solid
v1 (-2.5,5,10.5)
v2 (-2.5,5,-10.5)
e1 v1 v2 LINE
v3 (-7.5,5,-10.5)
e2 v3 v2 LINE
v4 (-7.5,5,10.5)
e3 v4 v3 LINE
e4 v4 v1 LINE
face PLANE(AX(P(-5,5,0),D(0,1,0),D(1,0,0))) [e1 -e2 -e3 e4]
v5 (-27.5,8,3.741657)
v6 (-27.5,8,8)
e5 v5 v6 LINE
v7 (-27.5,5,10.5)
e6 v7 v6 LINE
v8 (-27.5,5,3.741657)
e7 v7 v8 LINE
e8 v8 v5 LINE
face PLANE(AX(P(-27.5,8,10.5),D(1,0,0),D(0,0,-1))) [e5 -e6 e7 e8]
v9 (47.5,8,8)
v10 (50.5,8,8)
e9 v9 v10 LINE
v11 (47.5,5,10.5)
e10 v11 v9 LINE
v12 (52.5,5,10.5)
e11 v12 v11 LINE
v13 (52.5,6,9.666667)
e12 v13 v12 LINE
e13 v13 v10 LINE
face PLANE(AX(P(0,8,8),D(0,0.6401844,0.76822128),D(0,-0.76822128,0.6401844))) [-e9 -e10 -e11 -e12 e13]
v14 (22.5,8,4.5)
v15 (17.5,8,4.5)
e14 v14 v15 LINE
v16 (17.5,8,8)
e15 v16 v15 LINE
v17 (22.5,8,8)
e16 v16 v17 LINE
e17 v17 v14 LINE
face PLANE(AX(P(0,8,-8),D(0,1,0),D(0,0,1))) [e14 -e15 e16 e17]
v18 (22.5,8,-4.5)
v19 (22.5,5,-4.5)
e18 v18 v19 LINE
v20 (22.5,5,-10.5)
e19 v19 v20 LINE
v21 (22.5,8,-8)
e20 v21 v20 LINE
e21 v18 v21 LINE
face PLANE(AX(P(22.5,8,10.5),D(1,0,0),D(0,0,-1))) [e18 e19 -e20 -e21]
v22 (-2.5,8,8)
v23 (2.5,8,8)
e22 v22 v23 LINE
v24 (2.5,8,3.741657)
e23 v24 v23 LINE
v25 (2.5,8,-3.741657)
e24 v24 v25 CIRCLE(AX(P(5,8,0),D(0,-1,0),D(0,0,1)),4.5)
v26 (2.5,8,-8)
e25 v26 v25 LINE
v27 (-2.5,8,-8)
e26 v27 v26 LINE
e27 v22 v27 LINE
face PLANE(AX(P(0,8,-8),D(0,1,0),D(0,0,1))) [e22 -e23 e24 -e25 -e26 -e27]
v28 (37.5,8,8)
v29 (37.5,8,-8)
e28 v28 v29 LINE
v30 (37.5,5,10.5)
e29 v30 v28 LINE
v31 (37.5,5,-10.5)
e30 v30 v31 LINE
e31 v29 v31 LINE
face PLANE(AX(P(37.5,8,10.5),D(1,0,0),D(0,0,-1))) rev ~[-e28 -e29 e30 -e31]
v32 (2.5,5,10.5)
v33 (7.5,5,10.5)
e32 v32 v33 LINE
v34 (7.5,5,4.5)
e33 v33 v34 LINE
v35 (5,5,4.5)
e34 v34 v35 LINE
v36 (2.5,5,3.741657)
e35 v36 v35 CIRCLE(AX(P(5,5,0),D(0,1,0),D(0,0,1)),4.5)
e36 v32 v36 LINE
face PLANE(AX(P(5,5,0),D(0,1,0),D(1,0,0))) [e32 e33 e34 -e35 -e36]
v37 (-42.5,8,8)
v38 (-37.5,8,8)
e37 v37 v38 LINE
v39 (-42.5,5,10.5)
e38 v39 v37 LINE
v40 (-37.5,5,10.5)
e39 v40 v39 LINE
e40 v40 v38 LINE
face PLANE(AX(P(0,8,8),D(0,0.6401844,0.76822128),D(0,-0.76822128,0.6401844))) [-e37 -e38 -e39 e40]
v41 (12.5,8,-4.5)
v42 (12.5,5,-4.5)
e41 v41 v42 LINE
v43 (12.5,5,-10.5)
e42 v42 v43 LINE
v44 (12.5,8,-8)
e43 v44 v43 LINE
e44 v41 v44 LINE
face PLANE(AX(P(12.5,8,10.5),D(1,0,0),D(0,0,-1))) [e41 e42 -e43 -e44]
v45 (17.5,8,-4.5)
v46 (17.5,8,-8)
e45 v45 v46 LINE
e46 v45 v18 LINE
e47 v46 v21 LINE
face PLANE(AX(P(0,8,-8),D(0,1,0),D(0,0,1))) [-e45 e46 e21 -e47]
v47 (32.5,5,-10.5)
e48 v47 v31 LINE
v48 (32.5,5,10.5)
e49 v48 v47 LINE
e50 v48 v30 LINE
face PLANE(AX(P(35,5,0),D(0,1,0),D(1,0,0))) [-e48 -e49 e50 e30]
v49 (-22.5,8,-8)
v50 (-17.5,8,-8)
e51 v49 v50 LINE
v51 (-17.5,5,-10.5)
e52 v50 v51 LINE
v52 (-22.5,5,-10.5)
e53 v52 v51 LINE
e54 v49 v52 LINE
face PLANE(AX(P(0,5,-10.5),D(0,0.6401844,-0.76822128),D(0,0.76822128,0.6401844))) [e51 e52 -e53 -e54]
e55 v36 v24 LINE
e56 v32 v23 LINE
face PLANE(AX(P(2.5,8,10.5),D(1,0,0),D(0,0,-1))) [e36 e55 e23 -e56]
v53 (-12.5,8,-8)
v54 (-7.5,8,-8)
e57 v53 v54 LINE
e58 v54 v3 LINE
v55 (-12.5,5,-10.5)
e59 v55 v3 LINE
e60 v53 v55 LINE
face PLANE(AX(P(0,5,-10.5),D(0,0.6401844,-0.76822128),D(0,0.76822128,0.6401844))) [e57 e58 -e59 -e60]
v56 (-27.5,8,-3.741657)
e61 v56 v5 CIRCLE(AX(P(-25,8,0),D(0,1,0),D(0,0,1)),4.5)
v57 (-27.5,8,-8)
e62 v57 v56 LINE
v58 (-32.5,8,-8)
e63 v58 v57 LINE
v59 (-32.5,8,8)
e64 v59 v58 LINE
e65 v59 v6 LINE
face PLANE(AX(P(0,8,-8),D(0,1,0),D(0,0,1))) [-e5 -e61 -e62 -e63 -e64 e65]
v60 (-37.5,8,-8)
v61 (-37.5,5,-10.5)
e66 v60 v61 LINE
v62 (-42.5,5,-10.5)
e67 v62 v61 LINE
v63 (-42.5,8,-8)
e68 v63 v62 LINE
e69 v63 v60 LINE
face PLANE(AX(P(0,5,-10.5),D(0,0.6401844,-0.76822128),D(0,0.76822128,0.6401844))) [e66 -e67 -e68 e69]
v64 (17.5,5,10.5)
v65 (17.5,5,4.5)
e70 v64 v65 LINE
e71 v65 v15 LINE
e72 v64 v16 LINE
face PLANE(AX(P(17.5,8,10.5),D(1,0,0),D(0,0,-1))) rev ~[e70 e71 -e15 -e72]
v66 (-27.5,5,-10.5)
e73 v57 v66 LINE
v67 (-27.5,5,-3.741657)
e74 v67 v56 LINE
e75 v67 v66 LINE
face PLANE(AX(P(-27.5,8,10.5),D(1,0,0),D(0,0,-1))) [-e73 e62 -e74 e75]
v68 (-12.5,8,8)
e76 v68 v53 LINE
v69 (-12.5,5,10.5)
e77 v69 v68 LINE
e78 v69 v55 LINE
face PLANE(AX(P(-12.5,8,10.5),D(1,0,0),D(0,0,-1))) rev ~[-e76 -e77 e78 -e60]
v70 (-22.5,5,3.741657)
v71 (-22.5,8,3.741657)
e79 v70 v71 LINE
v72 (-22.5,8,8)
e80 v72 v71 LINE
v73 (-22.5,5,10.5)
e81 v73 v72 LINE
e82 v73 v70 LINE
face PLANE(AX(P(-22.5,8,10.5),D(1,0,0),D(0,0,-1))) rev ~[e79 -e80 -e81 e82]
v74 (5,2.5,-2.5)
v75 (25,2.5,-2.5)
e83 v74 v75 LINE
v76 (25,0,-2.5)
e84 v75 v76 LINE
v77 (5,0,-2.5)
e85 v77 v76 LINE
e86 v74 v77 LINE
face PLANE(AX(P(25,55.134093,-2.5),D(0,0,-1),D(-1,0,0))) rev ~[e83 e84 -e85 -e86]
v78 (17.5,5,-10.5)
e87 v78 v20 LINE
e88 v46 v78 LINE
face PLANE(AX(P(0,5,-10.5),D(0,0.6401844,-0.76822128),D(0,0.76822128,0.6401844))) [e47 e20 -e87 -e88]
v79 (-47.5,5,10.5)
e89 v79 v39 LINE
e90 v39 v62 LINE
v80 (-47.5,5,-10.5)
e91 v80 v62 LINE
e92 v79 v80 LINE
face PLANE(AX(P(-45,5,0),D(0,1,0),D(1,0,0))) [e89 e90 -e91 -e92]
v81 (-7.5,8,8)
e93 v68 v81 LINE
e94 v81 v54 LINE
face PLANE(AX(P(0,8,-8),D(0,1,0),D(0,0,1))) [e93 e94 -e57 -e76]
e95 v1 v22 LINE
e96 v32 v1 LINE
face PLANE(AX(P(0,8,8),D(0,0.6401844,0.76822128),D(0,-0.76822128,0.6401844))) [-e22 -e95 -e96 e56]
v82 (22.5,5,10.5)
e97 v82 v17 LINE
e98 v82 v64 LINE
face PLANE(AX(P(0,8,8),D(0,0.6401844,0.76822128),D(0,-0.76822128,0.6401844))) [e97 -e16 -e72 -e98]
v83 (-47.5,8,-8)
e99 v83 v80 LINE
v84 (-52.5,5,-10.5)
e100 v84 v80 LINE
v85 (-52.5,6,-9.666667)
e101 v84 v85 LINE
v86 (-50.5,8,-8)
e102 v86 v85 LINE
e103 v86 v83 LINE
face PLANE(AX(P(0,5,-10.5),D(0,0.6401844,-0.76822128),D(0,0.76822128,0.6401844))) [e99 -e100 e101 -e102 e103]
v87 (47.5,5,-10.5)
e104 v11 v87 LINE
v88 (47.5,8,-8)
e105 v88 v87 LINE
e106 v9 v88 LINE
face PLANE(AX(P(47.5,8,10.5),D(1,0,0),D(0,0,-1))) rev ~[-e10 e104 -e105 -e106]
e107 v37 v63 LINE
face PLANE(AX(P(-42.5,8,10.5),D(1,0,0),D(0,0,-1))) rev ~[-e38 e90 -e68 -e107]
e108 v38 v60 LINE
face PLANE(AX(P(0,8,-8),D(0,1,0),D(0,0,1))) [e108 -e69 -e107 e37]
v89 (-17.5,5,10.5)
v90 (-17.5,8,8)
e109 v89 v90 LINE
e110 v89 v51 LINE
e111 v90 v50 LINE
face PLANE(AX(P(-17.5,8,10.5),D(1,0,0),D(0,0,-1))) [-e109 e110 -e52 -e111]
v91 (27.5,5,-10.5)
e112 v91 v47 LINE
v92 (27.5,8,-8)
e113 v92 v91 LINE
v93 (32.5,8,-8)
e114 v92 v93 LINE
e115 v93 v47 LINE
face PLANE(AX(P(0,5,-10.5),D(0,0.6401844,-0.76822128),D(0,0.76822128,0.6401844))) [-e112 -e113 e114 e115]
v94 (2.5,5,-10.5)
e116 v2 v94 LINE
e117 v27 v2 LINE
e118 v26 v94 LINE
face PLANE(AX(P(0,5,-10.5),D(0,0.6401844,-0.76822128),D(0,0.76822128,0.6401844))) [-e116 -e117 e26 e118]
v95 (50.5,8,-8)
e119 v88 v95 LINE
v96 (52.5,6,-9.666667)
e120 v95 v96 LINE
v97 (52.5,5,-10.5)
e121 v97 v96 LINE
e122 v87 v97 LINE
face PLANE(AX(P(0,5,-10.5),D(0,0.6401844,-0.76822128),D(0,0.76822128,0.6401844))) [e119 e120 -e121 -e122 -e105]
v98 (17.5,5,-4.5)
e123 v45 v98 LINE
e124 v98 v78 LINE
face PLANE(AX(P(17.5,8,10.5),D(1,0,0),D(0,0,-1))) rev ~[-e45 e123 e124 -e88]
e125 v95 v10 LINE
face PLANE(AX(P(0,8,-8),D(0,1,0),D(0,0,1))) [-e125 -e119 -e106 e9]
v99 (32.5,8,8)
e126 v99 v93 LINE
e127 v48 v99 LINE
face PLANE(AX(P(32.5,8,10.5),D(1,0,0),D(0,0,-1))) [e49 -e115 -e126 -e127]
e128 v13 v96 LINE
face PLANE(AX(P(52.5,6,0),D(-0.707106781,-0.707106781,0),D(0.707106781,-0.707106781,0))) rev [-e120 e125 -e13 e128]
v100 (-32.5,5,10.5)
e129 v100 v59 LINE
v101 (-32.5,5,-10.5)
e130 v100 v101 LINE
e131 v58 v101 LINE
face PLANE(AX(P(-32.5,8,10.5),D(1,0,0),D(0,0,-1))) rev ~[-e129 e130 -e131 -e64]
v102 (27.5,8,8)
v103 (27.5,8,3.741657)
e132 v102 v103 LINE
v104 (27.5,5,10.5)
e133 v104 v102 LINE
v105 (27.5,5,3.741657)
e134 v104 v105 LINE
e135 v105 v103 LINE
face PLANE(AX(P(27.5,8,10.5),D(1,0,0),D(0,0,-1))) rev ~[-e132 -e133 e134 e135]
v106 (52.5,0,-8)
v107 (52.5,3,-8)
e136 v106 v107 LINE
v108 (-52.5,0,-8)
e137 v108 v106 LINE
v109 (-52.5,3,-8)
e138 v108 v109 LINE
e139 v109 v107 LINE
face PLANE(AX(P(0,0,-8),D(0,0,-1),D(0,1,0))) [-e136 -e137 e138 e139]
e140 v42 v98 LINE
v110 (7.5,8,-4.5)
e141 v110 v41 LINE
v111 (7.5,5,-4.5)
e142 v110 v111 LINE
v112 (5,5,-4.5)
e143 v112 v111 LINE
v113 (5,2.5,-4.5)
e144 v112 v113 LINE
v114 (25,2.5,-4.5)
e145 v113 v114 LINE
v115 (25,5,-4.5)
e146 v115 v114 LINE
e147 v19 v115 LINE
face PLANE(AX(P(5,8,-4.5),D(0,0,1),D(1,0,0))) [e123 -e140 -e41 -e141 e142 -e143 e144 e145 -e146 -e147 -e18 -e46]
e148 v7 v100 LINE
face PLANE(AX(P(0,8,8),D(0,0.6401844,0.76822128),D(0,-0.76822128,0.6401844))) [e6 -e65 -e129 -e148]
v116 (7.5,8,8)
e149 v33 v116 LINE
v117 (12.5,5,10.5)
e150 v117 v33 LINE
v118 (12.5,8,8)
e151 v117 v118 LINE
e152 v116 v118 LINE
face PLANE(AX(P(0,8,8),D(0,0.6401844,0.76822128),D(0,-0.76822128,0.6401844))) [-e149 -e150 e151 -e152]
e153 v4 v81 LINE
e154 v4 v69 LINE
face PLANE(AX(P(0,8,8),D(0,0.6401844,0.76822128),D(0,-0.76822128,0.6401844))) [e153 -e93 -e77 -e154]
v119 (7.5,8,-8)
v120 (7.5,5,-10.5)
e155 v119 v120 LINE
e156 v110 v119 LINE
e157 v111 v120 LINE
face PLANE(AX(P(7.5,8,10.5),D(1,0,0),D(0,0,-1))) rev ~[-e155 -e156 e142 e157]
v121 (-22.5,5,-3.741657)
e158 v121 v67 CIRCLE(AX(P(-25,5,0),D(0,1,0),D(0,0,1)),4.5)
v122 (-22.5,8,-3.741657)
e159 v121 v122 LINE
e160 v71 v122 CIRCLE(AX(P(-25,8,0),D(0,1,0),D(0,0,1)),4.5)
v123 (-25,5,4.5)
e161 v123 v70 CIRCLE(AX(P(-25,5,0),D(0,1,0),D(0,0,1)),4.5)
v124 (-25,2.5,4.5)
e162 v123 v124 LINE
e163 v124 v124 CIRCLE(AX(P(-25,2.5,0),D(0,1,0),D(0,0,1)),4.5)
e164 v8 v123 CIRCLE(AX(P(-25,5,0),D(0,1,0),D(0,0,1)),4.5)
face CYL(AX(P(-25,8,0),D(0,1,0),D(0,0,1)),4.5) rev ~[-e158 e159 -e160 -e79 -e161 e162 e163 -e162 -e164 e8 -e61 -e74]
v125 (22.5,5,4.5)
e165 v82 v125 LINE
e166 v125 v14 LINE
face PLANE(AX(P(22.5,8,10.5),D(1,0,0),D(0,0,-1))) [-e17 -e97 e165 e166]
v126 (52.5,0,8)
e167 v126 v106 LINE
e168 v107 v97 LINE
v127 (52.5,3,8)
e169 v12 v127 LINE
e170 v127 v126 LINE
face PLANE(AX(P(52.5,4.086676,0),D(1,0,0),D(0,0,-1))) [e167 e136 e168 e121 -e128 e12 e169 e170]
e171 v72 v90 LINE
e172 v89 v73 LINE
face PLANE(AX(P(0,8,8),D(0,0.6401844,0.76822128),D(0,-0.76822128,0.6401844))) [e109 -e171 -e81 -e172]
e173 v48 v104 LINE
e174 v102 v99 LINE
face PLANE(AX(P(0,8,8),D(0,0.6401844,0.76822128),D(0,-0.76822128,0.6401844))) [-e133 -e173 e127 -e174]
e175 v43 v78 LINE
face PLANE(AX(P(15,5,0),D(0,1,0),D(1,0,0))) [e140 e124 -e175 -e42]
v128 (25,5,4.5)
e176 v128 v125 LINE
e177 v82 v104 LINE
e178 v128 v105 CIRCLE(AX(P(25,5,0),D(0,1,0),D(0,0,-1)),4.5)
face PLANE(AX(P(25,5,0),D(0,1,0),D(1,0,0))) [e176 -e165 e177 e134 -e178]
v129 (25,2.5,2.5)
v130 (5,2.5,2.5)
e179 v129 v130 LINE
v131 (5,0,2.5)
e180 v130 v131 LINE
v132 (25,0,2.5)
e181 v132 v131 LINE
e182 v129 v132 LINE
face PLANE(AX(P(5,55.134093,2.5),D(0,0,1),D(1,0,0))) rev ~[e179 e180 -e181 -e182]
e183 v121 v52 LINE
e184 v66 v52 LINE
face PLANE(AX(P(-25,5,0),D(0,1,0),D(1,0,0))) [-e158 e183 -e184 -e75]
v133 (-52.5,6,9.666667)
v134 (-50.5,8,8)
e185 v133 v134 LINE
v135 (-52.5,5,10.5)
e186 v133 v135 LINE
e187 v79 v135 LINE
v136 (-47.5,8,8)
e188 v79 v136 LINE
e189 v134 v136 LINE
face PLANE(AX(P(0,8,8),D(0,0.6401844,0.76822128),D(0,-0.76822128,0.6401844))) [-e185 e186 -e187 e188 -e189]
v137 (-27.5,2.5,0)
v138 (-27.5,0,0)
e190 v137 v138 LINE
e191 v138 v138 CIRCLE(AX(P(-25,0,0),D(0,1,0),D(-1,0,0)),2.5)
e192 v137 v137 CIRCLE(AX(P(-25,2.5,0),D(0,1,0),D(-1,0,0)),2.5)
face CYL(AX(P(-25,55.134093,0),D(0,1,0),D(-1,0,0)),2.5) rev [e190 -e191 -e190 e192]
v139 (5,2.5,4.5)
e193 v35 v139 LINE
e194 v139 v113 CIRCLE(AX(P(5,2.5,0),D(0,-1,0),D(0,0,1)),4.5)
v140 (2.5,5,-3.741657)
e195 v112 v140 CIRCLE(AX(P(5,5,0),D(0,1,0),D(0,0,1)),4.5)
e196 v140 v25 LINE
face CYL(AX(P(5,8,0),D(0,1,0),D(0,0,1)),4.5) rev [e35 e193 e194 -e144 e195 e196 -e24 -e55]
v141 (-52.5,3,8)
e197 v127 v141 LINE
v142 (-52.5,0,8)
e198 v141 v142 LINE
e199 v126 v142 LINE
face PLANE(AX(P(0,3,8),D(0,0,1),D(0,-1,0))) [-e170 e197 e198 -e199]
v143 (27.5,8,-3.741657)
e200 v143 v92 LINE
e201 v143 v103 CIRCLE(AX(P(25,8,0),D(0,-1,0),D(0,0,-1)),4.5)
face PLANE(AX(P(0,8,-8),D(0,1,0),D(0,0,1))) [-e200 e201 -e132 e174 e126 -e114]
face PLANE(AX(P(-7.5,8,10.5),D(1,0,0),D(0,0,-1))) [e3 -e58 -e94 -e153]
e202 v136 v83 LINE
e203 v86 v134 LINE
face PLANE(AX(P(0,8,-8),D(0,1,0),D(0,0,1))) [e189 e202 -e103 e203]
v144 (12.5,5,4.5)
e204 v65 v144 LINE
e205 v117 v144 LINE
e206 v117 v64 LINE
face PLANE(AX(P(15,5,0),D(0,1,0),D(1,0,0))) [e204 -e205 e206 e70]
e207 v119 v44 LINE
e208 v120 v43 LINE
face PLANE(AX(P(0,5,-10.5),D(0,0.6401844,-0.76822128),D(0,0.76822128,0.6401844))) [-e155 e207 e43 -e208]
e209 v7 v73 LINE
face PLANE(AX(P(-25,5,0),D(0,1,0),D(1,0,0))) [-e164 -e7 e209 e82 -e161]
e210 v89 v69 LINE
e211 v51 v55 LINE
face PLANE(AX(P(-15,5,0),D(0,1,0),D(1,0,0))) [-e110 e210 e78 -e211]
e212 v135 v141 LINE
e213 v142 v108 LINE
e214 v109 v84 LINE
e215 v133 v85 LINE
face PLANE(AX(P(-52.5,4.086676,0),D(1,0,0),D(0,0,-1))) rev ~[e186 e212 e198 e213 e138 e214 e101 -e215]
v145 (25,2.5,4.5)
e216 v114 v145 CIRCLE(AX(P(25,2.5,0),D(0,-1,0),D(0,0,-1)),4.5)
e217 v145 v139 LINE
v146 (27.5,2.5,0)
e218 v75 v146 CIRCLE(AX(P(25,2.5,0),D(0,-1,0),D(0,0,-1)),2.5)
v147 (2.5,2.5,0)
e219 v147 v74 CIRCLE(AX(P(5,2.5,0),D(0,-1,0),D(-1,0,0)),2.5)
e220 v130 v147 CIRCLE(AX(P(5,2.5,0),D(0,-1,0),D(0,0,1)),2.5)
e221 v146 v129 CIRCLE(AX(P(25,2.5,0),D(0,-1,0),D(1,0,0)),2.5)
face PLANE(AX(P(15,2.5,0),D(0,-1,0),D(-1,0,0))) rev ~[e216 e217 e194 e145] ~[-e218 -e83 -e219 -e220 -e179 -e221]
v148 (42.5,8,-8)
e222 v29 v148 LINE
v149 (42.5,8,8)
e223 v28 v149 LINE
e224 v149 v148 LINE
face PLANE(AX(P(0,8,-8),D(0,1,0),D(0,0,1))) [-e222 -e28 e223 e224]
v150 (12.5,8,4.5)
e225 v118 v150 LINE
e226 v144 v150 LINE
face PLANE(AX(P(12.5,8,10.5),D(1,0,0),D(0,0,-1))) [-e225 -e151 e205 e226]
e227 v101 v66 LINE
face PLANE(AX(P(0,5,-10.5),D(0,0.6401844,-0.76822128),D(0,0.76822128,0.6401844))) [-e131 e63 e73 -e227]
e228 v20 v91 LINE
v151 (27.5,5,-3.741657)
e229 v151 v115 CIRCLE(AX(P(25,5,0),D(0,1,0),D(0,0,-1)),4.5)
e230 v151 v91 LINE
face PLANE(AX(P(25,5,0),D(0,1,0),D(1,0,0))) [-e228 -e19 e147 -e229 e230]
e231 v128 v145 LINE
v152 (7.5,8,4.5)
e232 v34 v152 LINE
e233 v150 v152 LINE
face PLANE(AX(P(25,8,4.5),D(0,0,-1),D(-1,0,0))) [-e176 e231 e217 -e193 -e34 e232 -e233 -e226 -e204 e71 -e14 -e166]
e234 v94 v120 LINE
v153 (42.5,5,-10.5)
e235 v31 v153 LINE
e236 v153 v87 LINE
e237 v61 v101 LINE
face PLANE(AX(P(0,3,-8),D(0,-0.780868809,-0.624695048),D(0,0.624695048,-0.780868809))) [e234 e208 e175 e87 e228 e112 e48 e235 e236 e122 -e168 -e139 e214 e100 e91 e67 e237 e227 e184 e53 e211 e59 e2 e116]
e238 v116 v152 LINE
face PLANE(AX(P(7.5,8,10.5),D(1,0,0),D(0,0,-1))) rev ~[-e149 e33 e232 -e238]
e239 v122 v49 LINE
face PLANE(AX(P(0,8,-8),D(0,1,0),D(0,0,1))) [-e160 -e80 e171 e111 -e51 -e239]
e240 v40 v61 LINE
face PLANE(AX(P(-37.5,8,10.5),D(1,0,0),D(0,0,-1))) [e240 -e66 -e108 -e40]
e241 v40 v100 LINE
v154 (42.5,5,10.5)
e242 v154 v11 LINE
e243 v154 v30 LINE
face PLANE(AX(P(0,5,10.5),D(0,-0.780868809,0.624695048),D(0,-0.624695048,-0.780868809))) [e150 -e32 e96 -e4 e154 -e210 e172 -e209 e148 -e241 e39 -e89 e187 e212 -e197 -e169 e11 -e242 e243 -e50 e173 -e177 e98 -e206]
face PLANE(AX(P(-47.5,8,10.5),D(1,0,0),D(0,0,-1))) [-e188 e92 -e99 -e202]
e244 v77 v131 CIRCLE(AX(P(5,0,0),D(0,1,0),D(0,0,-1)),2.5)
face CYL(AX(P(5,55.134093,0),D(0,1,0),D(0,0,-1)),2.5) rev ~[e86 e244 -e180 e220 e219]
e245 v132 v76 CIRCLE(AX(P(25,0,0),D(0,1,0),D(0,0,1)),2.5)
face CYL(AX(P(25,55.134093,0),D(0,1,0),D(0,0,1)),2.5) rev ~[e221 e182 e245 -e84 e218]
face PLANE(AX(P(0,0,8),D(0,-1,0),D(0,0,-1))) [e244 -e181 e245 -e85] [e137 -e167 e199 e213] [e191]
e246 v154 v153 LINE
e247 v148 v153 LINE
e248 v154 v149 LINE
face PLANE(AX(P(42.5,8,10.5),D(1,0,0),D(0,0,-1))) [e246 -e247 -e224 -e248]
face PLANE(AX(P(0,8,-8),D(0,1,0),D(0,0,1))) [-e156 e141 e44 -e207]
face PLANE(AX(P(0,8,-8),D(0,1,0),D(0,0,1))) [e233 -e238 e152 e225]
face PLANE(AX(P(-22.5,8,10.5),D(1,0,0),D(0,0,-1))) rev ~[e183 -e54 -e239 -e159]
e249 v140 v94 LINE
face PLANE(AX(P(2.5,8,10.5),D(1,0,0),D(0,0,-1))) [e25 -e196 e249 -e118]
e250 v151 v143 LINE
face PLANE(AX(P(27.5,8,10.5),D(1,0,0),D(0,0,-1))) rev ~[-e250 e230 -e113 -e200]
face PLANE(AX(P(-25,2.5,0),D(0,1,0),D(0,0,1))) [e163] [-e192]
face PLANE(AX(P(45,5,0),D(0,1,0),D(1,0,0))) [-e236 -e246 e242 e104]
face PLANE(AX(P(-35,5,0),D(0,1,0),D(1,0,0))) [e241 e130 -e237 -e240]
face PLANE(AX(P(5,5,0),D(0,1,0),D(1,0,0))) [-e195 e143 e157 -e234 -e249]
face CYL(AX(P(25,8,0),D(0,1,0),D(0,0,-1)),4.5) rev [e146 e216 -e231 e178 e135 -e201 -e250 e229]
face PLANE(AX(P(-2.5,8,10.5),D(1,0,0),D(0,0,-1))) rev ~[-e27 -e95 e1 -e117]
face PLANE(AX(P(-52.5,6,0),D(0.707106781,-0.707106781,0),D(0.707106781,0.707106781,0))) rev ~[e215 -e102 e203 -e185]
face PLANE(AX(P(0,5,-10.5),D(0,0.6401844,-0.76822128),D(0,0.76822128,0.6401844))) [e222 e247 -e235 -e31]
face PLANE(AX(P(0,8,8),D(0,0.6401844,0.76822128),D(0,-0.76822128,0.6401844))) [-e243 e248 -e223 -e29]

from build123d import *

# Parameters (mm, degrees)
EXTRUDE_1_DEPTH          = 52.5
SKETCH_2_W               = 5
SKETCH_2_H               = 21
CUT_EXTRUDE_1_DEPTH      = 3
CUT_EXTRUDE_2_DEPTH      = 55.13409277
CUT_EXTRUDE_2_DEPTH_BACK = 55.13409277
SKETCH_3_R               = 2.5
CUT_EXTRUDE_3_DEPTH      = 55.13409277
SKETCH_5_R               = 4.5
CUT_EXTRUDE_4_DEPTH      = 5.5


with BuildPart() as part:
    # 草图1 → 凸台-拉伸1 (new, symmetric)
    with BuildSketch(Plane(origin=(0, 0, 0), x_dir=(0, 0, -1), z_dir=(1, 0, 0))):
        Polygon((-8, 0), (8, 0), (8, 3), (10.5, 5), (8, 8), (-8, 8), (-10.5, 5), (-8, 3), align=None)
    extrude(amount=EXTRUDE_1_DEPTH, both=True)

    # 草图2 → 切除-拉伸1 (cut)
    with BuildSketch(Plane(origin=(0, 8, 0), x_dir=(1, 0, 0), z_dir=(0, 1, 0))):
        with Locations((-5, 0)):
            Rectangle(SKETCH_2_W, SKETCH_2_H)
        with Locations((45, 0)):
            Rectangle(SKETCH_2_W, SKETCH_2_H)
        with Locations((-15, 0)):
            Rectangle(SKETCH_2_W, SKETCH_2_H)
        with Locations((-25, 0)):
            Rectangle(SKETCH_2_W, SKETCH_2_H)
        with Locations((-35, 0)):
            Rectangle(SKETCH_2_W, SKETCH_2_H)
        with Locations((-45, 0)):
            Rectangle(SKETCH_2_W, SKETCH_2_H)
        with Locations((35, 0)):
            Rectangle(SKETCH_2_W, SKETCH_2_H)
        with Locations((25, 0)):
            Rectangle(SKETCH_2_W, SKETCH_2_H)
        with Locations((15, 0)):
            Rectangle(SKETCH_2_W, SKETCH_2_H)
        with Locations((5, 0)):
            Rectangle(SKETCH_2_W, SKETCH_2_H)
    extrude(amount=-CUT_EXTRUDE_1_DEPTH, mode=Mode.SUBTRACT)

    # 草图3 → 切除-拉伸2 (cut, two sides: drawn at the far end of the back side and taken through both)
    with BuildSketch(Plane.XZ.offset(-CUT_EXTRUDE_2_DEPTH_BACK)):
        with Locations(Location((-25, 0, 0), (0, 0, 180))):
            Circle(SKETCH_3_R)
        with BuildLine():
            Line((5, 2.5), (25, 2.5))
            ThreePointArc((25, 2.5), (27.5, 0), (25, -2.5))
            Line((25, -2.5), (5, -2.5))
            ThreePointArc((5, -2.5), (2.5, 0), (5, 2.5))
        make_face()
    extrude(amount=CUT_EXTRUDE_2_DEPTH + CUT_EXTRUDE_2_DEPTH_BACK, mode=Mode.SUBTRACT)

    # 草图4 → 切除-拉伸3 (cut, symmetric)
    with BuildSketch(Plane.XY):
        Polygon((-52.5, 6), (-50.5, 8), (-52.5, 8), align=None)
    cut_extrude_3 = extrude(amount=CUT_EXTRUDE_3_DEPTH, both=True, mode=Mode.SUBTRACT)

    # 镜向1: 切除-拉伸3 across plane
    add(cut_extrude_3.mirror(Plane(origin=(0, 0, 0), x_dir=(0, 0, 1), z_dir=(1, 0, 0))), mode=Mode.SUBTRACT)

    # 草图5 → 切除-拉伸4 (cut)
    # profile 1 of 2: a face of its own
    with BuildSketch(Plane(origin=(0, 8, 0), x_dir=(1, 0, 0), z_dir=(0, 1, 0))):
        with Locations(Location((-25, 0, 0), (0, 0, 270))):
            Circle(SKETCH_5_R)
    # profile 2 of 2: a face of its own
    with BuildSketch(Plane(origin=(0, 8, 0), x_dir=(1, 0, 0), z_dir=(0, 1, 0))):
        with BuildLine():
            Line((5, 4.5), (25, 4.5))
            ThreePointArc((25, 4.5), (29.5, 0), (25, -4.5))
            Line((25, -4.5), (5, -4.5))
            ThreePointArc((5, -4.5), (0.5, 0), (5, 4.5))
        make_face()
        with BuildLine():
            Line((7.5, -2.5), (5, -2.5))
            ThreePointArc((5, -2.5), (3.232233047, -1.767766953), (2.5, 0))
            ThreePointArc((2.5, 0), (3.232233047, 1.767766953), (5, 2.5))
            Line((5, 2.5), (7.5, 2.5))
            Line((7.5, 2.5), (12.5, 2.5))
            Line((12.5, 2.5), (17.5, 2.5))
            Line((17.5, 2.5), (22.5, 2.5))
            Line((22.5, 2.5), (25, 2.5))
            ThreePointArc((25, 2.5), (26.767766953, 1.767766953), (27.5, 0))
            ThreePointArc((27.5, 0), (26.767766953, -1.767766953), (25, -2.5))
            Line((25, -2.5), (22.5, -2.5))
            Line((22.5, -2.5), (17.5, -2.5))
            Line((17.5, -2.5), (12.5, -2.5))
            Line((12.5, -2.5), (7.5, -2.5))
        make_face(mode=Mode.SUBTRACT)
    extrude(amount=-CUT_EXTRUDE_4_DEPTH, mode=Mode.SUBTRACT)


solid = part.part
